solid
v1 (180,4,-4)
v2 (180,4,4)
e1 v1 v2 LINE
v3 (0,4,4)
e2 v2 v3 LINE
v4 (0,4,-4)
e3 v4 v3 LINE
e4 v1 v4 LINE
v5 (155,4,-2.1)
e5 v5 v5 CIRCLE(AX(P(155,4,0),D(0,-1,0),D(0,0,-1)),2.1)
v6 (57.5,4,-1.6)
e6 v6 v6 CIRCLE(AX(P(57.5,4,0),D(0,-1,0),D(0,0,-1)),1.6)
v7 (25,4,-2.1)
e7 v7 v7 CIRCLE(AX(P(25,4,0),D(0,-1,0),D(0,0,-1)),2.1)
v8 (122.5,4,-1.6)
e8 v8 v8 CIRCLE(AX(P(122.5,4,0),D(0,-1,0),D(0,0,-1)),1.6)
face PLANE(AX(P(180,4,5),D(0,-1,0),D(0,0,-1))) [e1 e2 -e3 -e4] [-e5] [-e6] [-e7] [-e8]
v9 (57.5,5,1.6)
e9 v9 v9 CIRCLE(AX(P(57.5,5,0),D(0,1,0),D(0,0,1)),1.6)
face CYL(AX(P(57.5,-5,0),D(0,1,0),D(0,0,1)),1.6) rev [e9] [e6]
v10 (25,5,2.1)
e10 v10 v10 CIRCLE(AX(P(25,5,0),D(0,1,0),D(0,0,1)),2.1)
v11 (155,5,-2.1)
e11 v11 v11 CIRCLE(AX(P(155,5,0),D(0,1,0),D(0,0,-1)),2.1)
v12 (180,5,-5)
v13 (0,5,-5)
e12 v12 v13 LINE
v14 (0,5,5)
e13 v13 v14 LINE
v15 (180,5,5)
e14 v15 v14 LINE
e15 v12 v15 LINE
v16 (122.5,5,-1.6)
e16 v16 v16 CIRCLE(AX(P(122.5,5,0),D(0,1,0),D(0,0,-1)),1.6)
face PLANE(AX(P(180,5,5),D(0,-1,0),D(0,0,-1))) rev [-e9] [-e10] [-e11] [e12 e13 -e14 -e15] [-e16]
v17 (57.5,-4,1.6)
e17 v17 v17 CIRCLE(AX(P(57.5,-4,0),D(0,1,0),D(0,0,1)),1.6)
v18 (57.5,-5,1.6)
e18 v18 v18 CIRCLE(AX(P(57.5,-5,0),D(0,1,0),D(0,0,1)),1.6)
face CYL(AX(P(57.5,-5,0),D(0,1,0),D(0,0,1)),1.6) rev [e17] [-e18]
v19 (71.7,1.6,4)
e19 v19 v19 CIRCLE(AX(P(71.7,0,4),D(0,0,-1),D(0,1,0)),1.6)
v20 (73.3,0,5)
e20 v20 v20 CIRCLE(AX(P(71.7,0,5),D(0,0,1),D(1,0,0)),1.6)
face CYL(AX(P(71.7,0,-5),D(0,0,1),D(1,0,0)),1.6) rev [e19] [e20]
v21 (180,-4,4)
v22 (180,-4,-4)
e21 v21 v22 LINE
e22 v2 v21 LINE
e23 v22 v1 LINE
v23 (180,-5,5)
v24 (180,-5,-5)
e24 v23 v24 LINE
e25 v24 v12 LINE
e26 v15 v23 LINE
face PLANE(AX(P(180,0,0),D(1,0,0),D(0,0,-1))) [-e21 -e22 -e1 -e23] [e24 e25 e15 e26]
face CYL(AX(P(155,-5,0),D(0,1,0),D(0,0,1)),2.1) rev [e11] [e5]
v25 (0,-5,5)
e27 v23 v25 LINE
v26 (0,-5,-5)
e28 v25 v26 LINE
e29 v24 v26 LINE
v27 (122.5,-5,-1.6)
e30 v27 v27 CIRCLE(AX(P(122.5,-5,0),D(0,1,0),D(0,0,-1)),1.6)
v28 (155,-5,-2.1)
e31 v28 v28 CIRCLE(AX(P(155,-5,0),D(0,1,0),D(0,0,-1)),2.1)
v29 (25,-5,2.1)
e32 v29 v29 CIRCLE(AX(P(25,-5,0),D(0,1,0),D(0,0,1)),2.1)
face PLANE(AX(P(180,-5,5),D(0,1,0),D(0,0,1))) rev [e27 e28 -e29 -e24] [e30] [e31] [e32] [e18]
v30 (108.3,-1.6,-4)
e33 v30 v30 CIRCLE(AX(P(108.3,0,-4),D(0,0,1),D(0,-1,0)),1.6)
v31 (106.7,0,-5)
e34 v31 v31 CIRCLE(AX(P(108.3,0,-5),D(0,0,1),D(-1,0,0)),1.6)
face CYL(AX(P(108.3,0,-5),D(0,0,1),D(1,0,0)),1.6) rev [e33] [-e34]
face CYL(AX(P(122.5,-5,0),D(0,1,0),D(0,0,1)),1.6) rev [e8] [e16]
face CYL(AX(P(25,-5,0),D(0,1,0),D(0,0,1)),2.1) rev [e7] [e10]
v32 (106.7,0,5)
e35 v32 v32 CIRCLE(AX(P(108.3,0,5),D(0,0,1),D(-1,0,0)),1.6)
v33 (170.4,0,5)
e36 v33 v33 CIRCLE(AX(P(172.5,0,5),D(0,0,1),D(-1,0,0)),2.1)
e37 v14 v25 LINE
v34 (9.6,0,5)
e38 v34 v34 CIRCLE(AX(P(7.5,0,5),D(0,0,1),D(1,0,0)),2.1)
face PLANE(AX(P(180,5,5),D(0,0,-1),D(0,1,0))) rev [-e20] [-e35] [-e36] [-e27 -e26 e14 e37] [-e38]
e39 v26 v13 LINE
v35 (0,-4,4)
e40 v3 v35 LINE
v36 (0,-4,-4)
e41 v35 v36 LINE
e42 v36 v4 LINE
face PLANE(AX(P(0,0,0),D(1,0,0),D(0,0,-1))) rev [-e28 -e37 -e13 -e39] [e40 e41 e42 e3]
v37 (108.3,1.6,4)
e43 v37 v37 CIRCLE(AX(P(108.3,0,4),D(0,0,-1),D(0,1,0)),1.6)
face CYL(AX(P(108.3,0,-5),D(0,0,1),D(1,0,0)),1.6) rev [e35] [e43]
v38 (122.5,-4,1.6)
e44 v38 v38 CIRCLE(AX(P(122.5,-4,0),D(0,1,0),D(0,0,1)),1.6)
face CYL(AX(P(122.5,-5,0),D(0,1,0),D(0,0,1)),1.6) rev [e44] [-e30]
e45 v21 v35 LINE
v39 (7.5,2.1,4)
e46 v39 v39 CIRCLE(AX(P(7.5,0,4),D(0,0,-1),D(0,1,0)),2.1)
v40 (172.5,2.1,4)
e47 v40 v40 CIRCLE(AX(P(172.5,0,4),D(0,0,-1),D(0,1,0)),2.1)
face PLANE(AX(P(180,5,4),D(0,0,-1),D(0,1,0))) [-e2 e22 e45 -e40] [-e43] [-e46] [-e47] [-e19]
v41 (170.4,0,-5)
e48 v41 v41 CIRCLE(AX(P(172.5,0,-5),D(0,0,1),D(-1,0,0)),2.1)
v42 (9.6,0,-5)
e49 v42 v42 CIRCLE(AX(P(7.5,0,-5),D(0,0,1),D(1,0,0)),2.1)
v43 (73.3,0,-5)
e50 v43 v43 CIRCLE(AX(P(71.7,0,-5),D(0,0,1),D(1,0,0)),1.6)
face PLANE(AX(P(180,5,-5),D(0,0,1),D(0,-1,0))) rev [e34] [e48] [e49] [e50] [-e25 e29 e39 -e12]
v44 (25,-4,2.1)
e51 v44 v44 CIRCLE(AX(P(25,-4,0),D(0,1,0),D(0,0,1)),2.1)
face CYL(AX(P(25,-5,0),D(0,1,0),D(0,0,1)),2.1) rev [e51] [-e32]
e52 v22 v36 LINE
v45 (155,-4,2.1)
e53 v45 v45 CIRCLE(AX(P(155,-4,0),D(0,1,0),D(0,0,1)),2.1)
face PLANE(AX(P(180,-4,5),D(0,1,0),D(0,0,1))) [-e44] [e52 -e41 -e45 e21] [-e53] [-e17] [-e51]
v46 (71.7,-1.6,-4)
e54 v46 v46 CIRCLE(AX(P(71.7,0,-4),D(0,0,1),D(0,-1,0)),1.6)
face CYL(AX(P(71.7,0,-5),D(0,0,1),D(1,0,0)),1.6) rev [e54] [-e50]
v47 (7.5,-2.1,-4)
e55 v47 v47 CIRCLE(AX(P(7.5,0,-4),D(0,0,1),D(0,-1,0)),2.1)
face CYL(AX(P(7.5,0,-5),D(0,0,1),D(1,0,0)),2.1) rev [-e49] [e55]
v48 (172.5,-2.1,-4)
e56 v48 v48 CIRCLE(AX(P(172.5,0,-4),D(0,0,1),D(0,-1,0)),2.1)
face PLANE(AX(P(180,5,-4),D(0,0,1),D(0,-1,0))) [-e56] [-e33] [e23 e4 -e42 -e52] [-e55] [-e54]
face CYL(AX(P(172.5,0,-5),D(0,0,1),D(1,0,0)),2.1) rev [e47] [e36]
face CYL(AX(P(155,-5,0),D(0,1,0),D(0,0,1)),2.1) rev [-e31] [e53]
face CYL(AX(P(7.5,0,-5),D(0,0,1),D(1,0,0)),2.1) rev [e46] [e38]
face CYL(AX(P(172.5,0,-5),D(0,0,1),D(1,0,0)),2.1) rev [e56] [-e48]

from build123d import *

# Parameters (mm, degrees)
SKETCH_1_W          = 10
SKETCH_1_H          = 10
SKETCH_1_W_2        = 8
SKETCH_1_H_2        = 8
EXTRUDE_1_DEPTH     = 180
SKETCH_2_R          = 2.1
CUT_EXTRUDE_1_DEPTH = 181.346887969
SKETCH_3_R          = 2.1
CUT_EXTRUDE_2_DEPTH = 181.346887969
SKETCH_4_R          = 1.6
CUT_EXTRUDE_3_DEPTH = 181.346887969
SKETCH_5_R          = 1.6
CUT_EXTRUDE_4_DEPTH = 181.346887969


with BuildPart() as part:
    # ｽｹｯﾁ1 → 押し出し-薄板1 (new body)
    with BuildSketch(Plane(origin=(0, 0, 0), x_dir=(0, 0, -1), z_dir=(1, 0, 0))):
        Rectangle(SKETCH_1_W, SKETCH_1_H)
        Rectangle(SKETCH_1_W_2, SKETCH_1_H_2, mode=Mode.SUBTRACT)
    extrude(amount=EXTRUDE_1_DEPTH)

    # ｽｹｯﾁ2 → ｶｯﾄ - 押し出し1 (cut, through all)
    with BuildSketch(Plane.XY.offset(5)):
        with Locations((7.5, 0)):
            Circle(SKETCH_2_R)
        with Locations(Location((172.5, 0, 0), (0, 0, 90))):
            Circle(SKETCH_2_R)
    extrude(amount=-CUT_EXTRUDE_1_DEPTH, mode=Mode.SUBTRACT)

    # ｽｹｯﾁ3 → ｶｯﾄ - 押し出し2 (cut, through all)
    with BuildSketch(Plane(origin=(0, 5, 0), x_dir=(1, 0, 0), z_dir=(0, 1, 0))):
        with Locations(Location((25, 0, 0), (0, 0, 270))):
            Circle(SKETCH_3_R)
        with Locations(Location((155, 0, 0), (0, 0, 270))):
            Circle(SKETCH_3_R)
    extrude(amount=-CUT_EXTRUDE_2_DEPTH, mode=Mode.SUBTRACT)

    # ｽｹｯﾁ4 → ｶｯﾄ - 押し出し3 (cut, through all)
    with BuildSketch(Plane.XY.offset(5)):
        with Locations((71.7, 0)):
            Circle(SKETCH_4_R)
        with Locations(Location((108.3, 0, 0), (0, 0, 90))):
            Circle(SKETCH_4_R)
    extrude(amount=-CUT_EXTRUDE_3_DEPTH, mode=Mode.SUBTRACT)

    # ｽｹｯﾁ5 → ｶｯﾄ - 押し出し4 (cut, through all)
    with BuildSketch(Plane(origin=(0, 5, 0), x_dir=(1, 0, 0), z_dir=(0, 1, 0))):
        with Locations(Location((57.5, 0, 0), (0, 0, 270))):
            Circle(SKETCH_5_R)
        with Locations(Location((122.5, 0, 0), (0, 0, 270))):
            Circle(SKETCH_5_R)
    extrude(amount=-CUT_EXTRUDE_4_DEPTH, mode=Mode.SUBTRACT)


solid = part.part
